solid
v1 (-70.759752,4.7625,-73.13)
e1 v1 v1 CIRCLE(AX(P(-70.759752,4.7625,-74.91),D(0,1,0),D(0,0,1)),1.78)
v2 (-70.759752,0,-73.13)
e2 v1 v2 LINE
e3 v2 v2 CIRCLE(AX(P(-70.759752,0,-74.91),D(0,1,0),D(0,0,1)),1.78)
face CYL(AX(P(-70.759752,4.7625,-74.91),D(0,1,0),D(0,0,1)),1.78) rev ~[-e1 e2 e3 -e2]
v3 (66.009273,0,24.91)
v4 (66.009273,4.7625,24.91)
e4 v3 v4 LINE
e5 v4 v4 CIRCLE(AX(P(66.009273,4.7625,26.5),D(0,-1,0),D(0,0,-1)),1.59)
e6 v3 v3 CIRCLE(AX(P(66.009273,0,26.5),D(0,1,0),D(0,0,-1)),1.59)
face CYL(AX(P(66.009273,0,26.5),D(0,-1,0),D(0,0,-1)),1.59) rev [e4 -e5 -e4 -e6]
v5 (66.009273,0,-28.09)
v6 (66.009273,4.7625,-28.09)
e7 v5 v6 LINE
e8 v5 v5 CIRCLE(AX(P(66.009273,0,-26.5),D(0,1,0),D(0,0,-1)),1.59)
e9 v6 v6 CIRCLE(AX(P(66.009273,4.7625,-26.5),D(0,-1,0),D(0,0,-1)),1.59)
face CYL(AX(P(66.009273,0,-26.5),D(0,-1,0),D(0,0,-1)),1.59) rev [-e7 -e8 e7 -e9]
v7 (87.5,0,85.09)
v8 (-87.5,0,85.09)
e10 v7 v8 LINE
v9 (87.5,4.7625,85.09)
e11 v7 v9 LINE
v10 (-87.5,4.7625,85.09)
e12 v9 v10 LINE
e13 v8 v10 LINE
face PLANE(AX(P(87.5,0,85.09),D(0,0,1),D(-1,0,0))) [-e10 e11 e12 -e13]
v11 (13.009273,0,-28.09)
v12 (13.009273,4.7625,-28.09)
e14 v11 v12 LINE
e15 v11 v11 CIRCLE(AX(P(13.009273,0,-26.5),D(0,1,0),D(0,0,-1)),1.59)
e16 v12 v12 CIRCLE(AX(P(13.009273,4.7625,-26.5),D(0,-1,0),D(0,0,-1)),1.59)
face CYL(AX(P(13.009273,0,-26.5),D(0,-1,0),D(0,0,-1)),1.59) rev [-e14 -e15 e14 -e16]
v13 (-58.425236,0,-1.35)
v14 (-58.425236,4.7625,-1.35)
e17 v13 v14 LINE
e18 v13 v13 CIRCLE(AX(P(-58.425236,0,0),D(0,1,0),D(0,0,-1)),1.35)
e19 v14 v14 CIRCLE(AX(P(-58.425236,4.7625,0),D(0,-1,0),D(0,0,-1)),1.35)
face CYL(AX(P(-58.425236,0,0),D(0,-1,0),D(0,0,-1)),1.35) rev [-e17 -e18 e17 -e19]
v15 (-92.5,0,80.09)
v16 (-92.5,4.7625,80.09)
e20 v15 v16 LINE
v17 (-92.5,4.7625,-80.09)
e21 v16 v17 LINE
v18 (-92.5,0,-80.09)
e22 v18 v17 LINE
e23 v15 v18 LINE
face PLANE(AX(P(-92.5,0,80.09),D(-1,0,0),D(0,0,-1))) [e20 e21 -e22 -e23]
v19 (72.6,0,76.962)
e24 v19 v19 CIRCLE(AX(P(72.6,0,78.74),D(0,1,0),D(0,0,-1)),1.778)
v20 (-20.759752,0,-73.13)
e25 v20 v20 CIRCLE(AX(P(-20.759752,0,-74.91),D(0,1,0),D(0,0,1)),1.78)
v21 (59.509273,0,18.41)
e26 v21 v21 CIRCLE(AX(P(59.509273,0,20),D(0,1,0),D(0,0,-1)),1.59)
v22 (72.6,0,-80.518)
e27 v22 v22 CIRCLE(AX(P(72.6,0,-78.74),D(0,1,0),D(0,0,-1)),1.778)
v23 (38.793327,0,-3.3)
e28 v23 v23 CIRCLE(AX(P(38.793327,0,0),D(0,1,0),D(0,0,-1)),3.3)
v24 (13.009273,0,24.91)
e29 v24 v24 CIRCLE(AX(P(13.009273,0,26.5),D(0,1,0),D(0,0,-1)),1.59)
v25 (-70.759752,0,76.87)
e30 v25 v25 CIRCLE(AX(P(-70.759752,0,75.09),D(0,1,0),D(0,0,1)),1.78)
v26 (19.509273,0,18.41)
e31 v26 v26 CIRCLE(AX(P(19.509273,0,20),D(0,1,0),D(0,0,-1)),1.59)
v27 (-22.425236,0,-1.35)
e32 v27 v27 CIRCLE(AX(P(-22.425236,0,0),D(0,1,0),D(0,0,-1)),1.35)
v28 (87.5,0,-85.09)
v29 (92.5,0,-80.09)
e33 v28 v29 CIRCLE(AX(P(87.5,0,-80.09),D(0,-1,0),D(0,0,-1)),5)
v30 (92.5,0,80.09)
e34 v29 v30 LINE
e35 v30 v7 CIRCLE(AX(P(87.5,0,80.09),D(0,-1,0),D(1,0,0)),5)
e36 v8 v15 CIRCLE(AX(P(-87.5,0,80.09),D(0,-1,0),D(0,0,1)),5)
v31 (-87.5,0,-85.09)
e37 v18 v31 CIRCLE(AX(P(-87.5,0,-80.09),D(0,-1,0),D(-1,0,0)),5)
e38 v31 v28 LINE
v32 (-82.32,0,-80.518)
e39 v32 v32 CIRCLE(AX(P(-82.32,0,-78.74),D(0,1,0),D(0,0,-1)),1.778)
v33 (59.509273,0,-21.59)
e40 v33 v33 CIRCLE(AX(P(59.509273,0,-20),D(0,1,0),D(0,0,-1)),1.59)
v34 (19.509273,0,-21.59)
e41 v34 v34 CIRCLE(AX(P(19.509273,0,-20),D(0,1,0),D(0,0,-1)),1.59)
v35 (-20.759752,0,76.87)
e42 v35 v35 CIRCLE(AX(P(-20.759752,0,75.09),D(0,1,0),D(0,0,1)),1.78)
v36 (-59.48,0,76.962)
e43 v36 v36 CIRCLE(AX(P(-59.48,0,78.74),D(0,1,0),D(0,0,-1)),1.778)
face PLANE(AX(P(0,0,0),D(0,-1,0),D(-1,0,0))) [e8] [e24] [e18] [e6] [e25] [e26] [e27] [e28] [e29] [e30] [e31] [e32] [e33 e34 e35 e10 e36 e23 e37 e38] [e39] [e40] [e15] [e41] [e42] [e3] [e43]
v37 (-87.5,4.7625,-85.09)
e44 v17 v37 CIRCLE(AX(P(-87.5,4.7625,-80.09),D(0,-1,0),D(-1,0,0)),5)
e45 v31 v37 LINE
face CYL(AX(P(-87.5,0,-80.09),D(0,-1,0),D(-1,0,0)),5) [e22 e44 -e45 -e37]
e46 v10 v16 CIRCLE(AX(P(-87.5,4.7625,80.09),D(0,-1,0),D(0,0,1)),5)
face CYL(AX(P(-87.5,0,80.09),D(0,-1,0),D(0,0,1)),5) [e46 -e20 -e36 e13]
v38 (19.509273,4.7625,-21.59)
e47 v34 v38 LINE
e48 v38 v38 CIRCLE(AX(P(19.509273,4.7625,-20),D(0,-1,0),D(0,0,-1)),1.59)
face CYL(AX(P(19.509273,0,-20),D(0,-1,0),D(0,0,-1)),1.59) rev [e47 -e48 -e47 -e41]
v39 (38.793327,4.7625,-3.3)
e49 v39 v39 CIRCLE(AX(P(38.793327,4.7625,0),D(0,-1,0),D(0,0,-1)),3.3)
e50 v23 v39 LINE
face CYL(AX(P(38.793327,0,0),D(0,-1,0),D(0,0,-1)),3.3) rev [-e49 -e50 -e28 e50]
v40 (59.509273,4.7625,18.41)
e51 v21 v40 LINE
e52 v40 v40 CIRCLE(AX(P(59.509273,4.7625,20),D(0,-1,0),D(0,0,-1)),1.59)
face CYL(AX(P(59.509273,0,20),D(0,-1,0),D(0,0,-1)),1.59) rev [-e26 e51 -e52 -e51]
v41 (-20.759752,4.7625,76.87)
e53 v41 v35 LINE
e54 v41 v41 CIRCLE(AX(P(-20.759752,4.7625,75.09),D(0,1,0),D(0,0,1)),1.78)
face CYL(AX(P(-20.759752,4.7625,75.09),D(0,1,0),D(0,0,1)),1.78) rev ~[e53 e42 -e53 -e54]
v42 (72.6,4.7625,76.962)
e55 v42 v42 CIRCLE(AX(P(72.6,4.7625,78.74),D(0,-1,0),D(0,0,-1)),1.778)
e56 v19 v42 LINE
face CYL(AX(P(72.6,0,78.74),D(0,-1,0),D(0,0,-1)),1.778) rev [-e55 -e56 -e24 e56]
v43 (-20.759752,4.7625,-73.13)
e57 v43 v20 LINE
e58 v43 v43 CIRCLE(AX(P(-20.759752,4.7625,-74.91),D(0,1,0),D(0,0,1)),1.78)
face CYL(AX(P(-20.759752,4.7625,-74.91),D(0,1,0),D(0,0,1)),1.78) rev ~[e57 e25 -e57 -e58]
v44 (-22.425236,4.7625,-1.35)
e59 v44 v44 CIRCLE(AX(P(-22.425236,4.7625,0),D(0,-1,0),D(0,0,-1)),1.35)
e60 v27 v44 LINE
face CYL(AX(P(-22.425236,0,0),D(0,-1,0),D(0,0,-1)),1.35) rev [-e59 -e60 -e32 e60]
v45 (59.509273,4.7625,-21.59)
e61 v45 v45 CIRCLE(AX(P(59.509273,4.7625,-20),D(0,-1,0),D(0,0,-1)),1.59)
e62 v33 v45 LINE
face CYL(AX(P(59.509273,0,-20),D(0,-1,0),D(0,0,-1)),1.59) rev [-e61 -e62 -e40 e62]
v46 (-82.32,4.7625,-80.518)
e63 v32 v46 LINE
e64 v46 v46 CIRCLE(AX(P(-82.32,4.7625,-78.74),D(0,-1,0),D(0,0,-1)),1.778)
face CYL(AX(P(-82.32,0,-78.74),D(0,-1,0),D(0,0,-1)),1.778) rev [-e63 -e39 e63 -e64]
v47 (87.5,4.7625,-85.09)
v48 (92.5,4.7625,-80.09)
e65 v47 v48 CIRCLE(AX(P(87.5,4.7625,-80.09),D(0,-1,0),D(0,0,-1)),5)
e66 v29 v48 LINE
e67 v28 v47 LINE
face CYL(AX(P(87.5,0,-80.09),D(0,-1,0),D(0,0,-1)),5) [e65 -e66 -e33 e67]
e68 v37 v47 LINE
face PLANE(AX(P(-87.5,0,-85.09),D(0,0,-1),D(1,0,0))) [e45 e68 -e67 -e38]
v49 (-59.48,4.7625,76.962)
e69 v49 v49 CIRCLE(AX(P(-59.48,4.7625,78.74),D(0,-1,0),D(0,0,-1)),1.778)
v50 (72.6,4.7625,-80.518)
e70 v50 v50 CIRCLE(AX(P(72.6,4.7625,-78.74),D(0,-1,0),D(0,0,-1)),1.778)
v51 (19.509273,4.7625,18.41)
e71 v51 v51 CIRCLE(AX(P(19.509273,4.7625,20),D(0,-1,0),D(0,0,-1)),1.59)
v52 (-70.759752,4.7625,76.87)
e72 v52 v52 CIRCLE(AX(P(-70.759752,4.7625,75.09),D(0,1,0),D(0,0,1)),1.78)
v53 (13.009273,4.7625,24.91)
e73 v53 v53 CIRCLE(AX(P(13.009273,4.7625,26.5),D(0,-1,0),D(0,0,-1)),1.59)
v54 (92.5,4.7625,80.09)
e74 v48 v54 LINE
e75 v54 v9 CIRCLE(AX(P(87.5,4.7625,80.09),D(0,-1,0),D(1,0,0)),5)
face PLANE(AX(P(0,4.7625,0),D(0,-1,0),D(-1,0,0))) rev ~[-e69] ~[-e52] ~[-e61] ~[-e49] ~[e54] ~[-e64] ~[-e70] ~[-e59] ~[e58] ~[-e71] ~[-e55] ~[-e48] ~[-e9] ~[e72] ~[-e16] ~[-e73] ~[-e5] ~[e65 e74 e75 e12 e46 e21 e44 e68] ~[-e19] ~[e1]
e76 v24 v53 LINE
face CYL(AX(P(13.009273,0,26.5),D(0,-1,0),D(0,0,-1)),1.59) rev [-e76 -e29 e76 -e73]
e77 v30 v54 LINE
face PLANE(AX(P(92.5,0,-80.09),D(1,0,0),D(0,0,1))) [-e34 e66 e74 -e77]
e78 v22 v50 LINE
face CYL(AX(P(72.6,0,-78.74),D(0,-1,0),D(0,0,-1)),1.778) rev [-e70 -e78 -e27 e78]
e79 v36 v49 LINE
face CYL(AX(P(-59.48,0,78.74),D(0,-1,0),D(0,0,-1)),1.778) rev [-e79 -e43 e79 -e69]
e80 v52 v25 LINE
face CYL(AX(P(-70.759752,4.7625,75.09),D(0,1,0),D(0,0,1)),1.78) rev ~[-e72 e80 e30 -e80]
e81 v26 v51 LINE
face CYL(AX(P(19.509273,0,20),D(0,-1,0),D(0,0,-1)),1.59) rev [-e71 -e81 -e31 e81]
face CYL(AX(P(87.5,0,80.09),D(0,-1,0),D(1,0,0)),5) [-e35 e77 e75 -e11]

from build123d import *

# Parameters (mm, degrees)
BOSS_EXTRUDE1_DEPTH  = 4.7625
SKETCH4_R            = 1.778
JETSON_DEPTH         = 126.774558263
SKETCH3_R            = 1.35
VMU931_DEPTH         = 126.774558263
SKETCH6_R            = 1.59
LIDAR_URG_UST_DEPTH  = 126.774558263
SKETCH7_R            = 1.59
LIDAR_UTM_DEPTH      = 126.774558263
SKETCH9_R            = 3.3
LIDAR_VELODYNE_DEPTH = 126.774558263
SKETCH10_R           = 1.78
CUT_EXTRUDE5_DEPTH   = 126.774558263


with BuildPart() as part:
    # Sketch1 → Boss-Extrude1 (new body)
    with BuildSketch(Plane(origin=(0, 0, 0), x_dir=(1, 0, 0), z_dir=(0, 1, 0))):
        with BuildLine():
            Line((-87.5, 85.09), (87.5, 85.09))
            ThreePointArc((87.5, 85.09), (91.035533906, 83.625533906), (92.5, 80.09))
            Line((92.5, 80.09), (92.5, -80.09))
            ThreePointArc((92.5, -80.09), (91.035533906, -83.625533906), (87.5, -85.09))
            Line((87.5, -85.09), (-87.5, -85.09))
            ThreePointArc((-87.5, -85.09), (-91.035533906, -83.625533906), (-92.5, -80.09))
            Line((-92.5, -80.09), (-92.5, 80.09))
            ThreePointArc((-92.5, 80.09), (-91.035533906, 83.625533906), (-87.5, 85.09))
        make_face()
    extrude(amount=BOSS_EXTRUDE1_DEPTH)

    # Sketch4 → jetson (cut, through all)
    with BuildSketch(Plane(origin=(0, 0, 0), x_dir=(1, 0, 0), z_dir=(0, 1, 0))):
        with Locations(Location((-59.48, -78.74, 0), (0, 0, 90))):
            Circle(SKETCH4_R)
        with Locations(Location((-82.32, 78.74, 0), (0, 0, 90))):
            Circle(SKETCH4_R)
        with Locations(Location((72.6, 78.74, 0), (0, 0, 90))):
            Circle(SKETCH4_R)
        with Locations(Location((72.6, -78.74, 0), (0, 0, 90))):
            Circle(SKETCH4_R)
    extrude(amount=JETSON_DEPTH, mode=Mode.SUBTRACT)

    # Sketch3 → vmu931 (cut, through all)
    with BuildSketch(Plane(origin=(0, 0, 0), x_dir=(1, 0, 0), z_dir=(0, 1, 0))):
        with Locations(Location((-22.425235734, 0, 0), (0, 0, 90))):
            Circle(SKETCH3_R)
        with Locations(Location((-58.425235734, 0, 0), (0, 0, 90))):
            Circle(SKETCH3_R)
    extrude(amount=VMU931_DEPTH, mode=Mode.SUBTRACT)

    # Sketch6 → lidar urg/ust (cut, through all)
    with BuildSketch(Plane(origin=(0, 0, 0), x_dir=(1, 0, 0), z_dir=(0, 1, 0))):
        with Locations(Location((59.509273414, 20, 0), (0, 0, 90))):
            Circle(SKETCH6_R)
        with Locations(Location((59.509273414, -20, 0), (0, 0, 90))):
            Circle(SKETCH6_R)
        with Locations(Location((19.509273414, -20, 0), (0, 0, 90))):
            Circle(SKETCH6_R)
        with Locations(Location((19.509273414, 20, 0), (0, 0, 90))):
            Circle(SKETCH6_R)
    extrude(amount=LIDAR_URG_UST_DEPTH, mode=Mode.SUBTRACT)

    # Sketch7 → lidar utm (cut, through all)
    with BuildSketch(Plane(origin=(0, 0, 0), x_dir=(1, 0, 0), z_dir=(0, 1, 0))):
        with Locations(Location((13.009273414, 26.5, 0), (0, 0, 90))):
            Circle(SKETCH7_R)
        with Locations(Location((13.009273414, -26.5, 0), (0, 0, 90))):
            Circle(SKETCH7_R)
        with Locations(Location((66.009273414, -26.5, 0), (0, 0, 90))):
            Circle(SKETCH7_R)
        with Locations(Location((66.009273414, 26.5, 0), (0, 0, 90))):
            Circle(SKETCH7_R)
    extrude(amount=LIDAR_UTM_DEPTH, mode=Mode.SUBTRACT)

    # Sketch9 → lidar velodyne (cut, through all)
    with BuildSketch(Plane(origin=(0, 0, 0), x_dir=(1, 0, 0), z_dir=(0, 1, 0))):
        with Locations(Location((38.793326615, 0, 0), (0, 0, 90))):
            Circle(SKETCH9_R)
    extrude(amount=LIDAR_VELODYNE_DEPTH, mode=Mode.SUBTRACT)

    # Sketch10 → Cut-Extrude5 (cut, through all)
    with BuildSketch(Plane(origin=(0, 4.7625, 0), x_dir=(1, 0, 0), z_dir=(0, 1, 0))):
        with Locations(Location((-70.759751839, 74.91, 0), (0, 0, 270))):
            Circle(SKETCH10_R)
        with Locations(Location((-20.759751839, 74.91, 0), (0, 0, 270))):
            Circle(SKETCH10_R)
        with Locations(Location((-70.759751839, -75.09, 0), (0, 0, 270))):
            Circle(SKETCH10_R)
        with Locations(Location((-20.759751839, -75.09, 0), (0, 0, 270))):
            Circle(SKETCH10_R)
    extrude(amount=-CUT_EXTRUDE5_DEPTH, mode=Mode.SUBTRACT)


solid = part.part
